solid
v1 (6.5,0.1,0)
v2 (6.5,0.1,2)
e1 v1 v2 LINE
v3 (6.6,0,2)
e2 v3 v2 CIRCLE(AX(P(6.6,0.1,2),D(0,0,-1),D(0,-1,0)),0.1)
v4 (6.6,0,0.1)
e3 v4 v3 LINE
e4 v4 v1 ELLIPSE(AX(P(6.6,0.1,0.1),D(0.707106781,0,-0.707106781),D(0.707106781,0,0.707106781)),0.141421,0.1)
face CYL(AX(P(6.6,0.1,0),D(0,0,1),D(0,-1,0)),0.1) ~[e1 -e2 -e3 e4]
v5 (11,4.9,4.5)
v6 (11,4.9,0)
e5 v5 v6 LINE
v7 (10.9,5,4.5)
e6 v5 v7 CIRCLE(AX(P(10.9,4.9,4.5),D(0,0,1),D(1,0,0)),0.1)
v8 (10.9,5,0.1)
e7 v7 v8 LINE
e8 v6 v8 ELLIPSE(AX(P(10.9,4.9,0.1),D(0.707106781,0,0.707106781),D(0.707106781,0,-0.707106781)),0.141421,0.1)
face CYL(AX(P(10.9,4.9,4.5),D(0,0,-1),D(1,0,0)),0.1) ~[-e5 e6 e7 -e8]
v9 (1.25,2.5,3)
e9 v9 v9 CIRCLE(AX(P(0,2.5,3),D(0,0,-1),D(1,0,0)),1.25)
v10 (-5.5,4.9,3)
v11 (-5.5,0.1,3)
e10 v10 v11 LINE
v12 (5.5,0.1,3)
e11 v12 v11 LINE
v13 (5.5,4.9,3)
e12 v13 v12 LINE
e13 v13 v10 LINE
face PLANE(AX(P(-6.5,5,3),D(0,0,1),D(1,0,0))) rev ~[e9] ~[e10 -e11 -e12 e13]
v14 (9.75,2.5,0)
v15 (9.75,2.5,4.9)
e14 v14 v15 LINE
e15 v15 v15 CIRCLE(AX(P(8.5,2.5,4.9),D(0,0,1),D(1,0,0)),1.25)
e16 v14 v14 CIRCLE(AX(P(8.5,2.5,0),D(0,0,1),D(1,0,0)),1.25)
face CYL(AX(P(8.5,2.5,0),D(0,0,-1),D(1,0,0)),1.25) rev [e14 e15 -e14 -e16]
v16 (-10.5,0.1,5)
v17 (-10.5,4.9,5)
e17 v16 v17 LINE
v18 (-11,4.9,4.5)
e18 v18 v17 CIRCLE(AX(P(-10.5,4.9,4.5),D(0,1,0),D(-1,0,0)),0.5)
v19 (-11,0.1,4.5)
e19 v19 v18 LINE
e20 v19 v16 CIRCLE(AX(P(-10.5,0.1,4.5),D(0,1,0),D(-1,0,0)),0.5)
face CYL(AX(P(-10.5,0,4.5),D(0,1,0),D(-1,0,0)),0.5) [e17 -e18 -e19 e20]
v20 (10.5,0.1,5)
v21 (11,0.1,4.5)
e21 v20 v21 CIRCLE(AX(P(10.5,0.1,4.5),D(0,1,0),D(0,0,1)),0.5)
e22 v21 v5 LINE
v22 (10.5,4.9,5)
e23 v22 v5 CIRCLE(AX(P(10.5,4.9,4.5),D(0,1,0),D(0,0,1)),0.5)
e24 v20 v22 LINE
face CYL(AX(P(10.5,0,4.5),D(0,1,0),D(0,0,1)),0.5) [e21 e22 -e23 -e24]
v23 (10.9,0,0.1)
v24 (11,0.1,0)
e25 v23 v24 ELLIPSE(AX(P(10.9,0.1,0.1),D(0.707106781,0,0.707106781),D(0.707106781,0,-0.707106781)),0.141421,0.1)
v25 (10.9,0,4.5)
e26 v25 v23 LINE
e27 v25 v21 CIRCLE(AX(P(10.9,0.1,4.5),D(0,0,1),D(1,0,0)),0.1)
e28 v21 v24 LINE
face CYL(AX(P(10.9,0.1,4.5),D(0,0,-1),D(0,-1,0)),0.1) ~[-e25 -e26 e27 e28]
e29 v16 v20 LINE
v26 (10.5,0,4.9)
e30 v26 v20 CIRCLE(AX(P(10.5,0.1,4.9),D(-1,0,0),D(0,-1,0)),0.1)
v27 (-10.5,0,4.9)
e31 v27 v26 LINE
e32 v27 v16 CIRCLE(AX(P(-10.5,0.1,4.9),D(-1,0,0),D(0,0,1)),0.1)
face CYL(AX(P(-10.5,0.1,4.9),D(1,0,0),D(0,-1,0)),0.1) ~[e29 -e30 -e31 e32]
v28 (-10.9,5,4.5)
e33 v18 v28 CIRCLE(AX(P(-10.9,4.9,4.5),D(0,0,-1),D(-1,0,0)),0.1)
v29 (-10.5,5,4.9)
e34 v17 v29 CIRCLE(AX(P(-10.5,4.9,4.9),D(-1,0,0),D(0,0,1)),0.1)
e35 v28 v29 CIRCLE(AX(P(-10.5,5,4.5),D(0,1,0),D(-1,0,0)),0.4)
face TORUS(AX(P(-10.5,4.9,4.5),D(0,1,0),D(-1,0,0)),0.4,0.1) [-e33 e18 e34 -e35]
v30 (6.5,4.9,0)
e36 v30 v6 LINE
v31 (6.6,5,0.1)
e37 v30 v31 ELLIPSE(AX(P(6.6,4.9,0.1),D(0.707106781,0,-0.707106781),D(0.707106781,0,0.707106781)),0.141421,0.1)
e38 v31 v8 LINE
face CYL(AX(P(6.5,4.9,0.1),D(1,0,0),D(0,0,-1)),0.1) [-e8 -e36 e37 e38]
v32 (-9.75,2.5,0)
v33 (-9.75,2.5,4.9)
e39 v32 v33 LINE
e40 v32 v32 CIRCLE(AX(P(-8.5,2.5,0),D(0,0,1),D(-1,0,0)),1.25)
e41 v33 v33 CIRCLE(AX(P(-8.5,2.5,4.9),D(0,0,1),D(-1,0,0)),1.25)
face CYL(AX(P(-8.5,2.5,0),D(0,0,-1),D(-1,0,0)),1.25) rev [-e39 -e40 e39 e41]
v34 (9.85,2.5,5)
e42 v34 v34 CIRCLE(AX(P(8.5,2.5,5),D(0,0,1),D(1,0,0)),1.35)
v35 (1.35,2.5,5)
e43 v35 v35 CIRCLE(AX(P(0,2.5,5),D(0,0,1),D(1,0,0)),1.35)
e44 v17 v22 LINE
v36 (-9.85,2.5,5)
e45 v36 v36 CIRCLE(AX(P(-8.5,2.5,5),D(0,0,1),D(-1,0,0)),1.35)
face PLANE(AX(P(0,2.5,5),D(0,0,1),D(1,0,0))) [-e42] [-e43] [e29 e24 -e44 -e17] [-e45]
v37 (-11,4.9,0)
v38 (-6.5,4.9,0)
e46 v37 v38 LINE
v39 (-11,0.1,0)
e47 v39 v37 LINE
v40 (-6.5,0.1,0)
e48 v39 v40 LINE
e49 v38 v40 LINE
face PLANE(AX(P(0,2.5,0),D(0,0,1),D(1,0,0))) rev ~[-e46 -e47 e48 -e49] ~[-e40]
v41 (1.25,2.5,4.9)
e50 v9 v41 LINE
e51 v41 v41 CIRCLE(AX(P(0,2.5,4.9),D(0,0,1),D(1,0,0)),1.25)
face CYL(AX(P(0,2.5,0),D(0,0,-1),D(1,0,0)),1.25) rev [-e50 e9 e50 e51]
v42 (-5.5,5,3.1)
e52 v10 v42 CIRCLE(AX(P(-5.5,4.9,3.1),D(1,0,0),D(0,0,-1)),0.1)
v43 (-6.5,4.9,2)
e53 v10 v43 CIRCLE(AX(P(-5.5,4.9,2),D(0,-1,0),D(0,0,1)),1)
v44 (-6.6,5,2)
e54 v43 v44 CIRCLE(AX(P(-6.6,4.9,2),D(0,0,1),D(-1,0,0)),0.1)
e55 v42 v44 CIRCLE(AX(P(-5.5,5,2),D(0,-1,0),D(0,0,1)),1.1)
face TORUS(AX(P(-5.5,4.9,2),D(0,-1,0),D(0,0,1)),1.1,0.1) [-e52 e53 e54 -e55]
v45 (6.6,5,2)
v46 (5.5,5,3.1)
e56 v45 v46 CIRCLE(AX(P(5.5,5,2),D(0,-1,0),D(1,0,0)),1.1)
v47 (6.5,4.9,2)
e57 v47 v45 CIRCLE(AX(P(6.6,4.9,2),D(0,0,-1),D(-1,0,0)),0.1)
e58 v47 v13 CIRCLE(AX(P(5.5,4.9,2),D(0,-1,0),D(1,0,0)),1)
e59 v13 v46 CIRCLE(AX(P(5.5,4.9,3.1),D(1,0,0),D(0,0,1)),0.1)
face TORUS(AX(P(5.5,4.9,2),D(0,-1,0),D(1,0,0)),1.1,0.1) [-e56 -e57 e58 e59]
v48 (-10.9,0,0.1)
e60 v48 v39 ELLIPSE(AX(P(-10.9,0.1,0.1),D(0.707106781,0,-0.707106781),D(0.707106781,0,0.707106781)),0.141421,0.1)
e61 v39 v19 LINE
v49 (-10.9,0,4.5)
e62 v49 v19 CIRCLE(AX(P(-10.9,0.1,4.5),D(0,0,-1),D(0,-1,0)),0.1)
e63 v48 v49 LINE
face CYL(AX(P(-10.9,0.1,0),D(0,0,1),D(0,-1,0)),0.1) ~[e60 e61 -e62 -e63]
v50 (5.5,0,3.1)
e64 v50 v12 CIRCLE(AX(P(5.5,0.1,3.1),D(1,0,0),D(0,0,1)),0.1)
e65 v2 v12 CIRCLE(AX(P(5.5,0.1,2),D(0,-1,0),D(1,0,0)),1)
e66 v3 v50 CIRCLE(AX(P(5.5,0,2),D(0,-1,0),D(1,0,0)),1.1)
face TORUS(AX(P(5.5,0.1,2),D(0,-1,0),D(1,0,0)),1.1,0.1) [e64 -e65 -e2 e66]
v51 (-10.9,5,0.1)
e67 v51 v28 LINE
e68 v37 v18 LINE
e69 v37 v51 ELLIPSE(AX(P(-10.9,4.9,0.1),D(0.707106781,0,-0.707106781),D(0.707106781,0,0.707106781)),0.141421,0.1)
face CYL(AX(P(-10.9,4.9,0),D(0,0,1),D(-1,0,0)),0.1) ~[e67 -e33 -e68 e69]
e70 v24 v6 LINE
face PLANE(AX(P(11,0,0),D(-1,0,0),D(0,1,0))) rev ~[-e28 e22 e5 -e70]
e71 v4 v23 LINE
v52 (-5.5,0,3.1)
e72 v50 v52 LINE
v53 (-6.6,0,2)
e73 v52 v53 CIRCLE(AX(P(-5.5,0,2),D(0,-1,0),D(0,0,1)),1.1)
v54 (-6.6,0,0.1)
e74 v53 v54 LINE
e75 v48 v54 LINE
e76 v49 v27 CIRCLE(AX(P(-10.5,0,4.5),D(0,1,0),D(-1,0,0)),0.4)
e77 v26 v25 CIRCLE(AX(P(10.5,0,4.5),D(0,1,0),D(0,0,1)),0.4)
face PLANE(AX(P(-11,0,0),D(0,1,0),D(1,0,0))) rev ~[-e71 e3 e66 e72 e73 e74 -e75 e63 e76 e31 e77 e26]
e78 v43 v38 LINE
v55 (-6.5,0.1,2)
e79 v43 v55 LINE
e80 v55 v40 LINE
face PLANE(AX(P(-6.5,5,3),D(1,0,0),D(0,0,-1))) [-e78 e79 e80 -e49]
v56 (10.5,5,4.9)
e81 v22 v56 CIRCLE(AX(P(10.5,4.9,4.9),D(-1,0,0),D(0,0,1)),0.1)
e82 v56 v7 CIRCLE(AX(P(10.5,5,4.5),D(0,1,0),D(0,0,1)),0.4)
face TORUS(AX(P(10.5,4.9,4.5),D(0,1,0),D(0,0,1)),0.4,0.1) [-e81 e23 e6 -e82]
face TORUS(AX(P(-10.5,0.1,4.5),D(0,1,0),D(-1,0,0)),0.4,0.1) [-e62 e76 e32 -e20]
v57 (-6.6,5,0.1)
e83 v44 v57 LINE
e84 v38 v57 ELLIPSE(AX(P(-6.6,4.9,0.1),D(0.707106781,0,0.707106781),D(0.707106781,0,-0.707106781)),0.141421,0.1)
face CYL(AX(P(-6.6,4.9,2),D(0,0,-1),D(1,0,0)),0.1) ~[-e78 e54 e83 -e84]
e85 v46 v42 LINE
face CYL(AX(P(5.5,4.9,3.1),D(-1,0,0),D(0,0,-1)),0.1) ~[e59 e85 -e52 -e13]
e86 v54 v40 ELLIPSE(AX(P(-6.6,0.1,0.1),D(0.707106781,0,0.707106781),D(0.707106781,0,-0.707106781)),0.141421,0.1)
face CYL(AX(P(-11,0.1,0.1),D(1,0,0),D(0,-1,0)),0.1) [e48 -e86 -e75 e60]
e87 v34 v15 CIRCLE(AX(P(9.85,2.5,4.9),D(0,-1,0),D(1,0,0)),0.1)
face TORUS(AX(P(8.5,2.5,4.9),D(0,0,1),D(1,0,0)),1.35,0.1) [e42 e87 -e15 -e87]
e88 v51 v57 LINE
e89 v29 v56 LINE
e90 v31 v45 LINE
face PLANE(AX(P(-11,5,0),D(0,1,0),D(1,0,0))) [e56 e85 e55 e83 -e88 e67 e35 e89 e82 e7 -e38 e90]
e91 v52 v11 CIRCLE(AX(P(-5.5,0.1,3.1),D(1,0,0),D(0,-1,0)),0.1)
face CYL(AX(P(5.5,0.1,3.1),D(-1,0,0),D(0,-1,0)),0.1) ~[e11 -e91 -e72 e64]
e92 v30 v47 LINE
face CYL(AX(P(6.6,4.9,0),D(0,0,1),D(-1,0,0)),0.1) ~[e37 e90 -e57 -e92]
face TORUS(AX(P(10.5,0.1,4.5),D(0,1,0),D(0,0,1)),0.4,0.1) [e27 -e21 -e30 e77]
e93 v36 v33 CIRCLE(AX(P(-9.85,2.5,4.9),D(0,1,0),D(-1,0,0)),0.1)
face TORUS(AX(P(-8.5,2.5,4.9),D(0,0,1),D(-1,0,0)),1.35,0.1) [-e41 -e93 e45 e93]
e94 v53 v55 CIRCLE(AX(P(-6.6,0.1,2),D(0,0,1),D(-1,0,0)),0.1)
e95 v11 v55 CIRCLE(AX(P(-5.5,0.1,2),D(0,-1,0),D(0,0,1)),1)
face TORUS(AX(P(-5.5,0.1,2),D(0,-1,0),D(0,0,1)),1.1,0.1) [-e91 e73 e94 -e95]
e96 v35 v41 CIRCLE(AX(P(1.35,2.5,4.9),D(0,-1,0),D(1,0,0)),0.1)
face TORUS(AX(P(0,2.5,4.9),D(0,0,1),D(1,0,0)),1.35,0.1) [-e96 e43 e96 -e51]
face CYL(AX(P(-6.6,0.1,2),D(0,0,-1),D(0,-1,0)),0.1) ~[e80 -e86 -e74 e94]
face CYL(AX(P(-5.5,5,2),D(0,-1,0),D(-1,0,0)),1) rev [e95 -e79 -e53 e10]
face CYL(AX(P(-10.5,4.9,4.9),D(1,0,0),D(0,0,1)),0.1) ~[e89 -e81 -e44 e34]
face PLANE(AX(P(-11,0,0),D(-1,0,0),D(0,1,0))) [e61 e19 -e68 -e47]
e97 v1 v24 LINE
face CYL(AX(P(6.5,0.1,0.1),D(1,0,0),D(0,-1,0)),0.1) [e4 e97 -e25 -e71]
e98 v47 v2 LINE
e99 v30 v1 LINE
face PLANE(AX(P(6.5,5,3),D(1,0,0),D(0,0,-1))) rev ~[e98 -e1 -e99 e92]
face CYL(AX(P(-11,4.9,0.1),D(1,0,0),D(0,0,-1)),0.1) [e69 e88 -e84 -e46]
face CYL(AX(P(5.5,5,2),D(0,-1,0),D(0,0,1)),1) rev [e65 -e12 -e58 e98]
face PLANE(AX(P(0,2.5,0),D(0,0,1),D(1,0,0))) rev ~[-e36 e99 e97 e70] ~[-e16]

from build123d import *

# Parameters (mm, degrees)
SKETCH1_W           = 22
SKETCH1_H           = 5
SKETCH1_R           = 1.25
BOSS_EXTRUDE1_DEPTH = 5
SKETCH2_W           = 13
SKETCH2_H           = 3
CUT_EXTRUDE1_DEPTH  = 14.076696831
FILLET1_R           = 1
FILLET2_R           = 0.5
FILLET3_R           = 0.1


with BuildPart() as part:
    # Sketch1 → Boss-Extrude1 (new body)
    with BuildSketch(Plane.XY):
        with Locations((0, 2.5)):
            Rectangle(SKETCH1_W, SKETCH1_H)
        with Locations((8.5, 2.5)):
            Circle(SKETCH1_R, mode=Mode.SUBTRACT)
        with Locations((0, 2.5)):
            Circle(SKETCH1_R, mode=Mode.SUBTRACT)
        with Locations((-8.5, 2.5)):
            Circle(SKETCH1_R, mode=Mode.SUBTRACT)
    extrude(amount=BOSS_EXTRUDE1_DEPTH)

    # Sketch2 → Cut-Extrude1 (cut, through all)
    with BuildSketch(Plane(origin=(0, 5, 0), x_dir=(1, 0, 0), z_dir=(0, 1, 0))):
        with Locations((0, -1.5)):
            Rectangle(SKETCH2_W, SKETCH2_H)
    extrude(amount=-CUT_EXTRUDE1_DEPTH, mode=Mode.SUBTRACT)

    # Fillet1
    fillet1_edges = [part.edges().sort_by_distance(p)[0] for p in [
        (6.5, 2.5, 3),
        (-6.5, 2.5, 3),
    ]]
    fillet(fillet1_edges, radius=FILLET1_R)

    # Fillet2
    fillet2_edges = [part.edges().sort_by_distance(p)[0] for p in [
        (-11, 2.5, 5),
        (11, 2.5, 5),
    ]]
    fillet(fillet2_edges, radius=FILLET2_R)

    # Fillet3
    fillet3_edges = [part.edges().sort_by_distance(p)[0] for p in [
        (10.853553391, 0, 4.853553391),
        (11, 0, 2.25),
        (8.75, 0, 0),
        (6.5, 0, 1),
        (6.207106781, 0, 2.707106781),
        (0, 0, 3),
        (-6.207106781, 0, 2.707106781),
        (-6.5, 0, 1),
        (-8.75, 0, 0),
        (-11, 0, 2.25),
        (-10.853553391, 0, 4.853553391),
        (-1.25, 2.5, 5),
        (-9.75, 2.5, 5),
        (0, 0, 5),
        (7.25, 2.5, 5),
        (-8.75, 5, 0),
        (-6.5, 5, 1),
        (-6.207106781, 5, 2.707106781),
        (0, 5, 3),
        (6.207106781, 5, 2.707106781),
        (6.5, 5, 1),
        (8.75, 5, 0),
        (11, 5, 2.25),
        (10.853553391, 5, 4.853553391),
        (0, 5, 5),
        (-10.853553391, 5, 4.853553391),
        (-11, 5, 2.25),
    ]]
    fillet(fillet3_edges, radius=FILLET3_R)


solid = part.part
